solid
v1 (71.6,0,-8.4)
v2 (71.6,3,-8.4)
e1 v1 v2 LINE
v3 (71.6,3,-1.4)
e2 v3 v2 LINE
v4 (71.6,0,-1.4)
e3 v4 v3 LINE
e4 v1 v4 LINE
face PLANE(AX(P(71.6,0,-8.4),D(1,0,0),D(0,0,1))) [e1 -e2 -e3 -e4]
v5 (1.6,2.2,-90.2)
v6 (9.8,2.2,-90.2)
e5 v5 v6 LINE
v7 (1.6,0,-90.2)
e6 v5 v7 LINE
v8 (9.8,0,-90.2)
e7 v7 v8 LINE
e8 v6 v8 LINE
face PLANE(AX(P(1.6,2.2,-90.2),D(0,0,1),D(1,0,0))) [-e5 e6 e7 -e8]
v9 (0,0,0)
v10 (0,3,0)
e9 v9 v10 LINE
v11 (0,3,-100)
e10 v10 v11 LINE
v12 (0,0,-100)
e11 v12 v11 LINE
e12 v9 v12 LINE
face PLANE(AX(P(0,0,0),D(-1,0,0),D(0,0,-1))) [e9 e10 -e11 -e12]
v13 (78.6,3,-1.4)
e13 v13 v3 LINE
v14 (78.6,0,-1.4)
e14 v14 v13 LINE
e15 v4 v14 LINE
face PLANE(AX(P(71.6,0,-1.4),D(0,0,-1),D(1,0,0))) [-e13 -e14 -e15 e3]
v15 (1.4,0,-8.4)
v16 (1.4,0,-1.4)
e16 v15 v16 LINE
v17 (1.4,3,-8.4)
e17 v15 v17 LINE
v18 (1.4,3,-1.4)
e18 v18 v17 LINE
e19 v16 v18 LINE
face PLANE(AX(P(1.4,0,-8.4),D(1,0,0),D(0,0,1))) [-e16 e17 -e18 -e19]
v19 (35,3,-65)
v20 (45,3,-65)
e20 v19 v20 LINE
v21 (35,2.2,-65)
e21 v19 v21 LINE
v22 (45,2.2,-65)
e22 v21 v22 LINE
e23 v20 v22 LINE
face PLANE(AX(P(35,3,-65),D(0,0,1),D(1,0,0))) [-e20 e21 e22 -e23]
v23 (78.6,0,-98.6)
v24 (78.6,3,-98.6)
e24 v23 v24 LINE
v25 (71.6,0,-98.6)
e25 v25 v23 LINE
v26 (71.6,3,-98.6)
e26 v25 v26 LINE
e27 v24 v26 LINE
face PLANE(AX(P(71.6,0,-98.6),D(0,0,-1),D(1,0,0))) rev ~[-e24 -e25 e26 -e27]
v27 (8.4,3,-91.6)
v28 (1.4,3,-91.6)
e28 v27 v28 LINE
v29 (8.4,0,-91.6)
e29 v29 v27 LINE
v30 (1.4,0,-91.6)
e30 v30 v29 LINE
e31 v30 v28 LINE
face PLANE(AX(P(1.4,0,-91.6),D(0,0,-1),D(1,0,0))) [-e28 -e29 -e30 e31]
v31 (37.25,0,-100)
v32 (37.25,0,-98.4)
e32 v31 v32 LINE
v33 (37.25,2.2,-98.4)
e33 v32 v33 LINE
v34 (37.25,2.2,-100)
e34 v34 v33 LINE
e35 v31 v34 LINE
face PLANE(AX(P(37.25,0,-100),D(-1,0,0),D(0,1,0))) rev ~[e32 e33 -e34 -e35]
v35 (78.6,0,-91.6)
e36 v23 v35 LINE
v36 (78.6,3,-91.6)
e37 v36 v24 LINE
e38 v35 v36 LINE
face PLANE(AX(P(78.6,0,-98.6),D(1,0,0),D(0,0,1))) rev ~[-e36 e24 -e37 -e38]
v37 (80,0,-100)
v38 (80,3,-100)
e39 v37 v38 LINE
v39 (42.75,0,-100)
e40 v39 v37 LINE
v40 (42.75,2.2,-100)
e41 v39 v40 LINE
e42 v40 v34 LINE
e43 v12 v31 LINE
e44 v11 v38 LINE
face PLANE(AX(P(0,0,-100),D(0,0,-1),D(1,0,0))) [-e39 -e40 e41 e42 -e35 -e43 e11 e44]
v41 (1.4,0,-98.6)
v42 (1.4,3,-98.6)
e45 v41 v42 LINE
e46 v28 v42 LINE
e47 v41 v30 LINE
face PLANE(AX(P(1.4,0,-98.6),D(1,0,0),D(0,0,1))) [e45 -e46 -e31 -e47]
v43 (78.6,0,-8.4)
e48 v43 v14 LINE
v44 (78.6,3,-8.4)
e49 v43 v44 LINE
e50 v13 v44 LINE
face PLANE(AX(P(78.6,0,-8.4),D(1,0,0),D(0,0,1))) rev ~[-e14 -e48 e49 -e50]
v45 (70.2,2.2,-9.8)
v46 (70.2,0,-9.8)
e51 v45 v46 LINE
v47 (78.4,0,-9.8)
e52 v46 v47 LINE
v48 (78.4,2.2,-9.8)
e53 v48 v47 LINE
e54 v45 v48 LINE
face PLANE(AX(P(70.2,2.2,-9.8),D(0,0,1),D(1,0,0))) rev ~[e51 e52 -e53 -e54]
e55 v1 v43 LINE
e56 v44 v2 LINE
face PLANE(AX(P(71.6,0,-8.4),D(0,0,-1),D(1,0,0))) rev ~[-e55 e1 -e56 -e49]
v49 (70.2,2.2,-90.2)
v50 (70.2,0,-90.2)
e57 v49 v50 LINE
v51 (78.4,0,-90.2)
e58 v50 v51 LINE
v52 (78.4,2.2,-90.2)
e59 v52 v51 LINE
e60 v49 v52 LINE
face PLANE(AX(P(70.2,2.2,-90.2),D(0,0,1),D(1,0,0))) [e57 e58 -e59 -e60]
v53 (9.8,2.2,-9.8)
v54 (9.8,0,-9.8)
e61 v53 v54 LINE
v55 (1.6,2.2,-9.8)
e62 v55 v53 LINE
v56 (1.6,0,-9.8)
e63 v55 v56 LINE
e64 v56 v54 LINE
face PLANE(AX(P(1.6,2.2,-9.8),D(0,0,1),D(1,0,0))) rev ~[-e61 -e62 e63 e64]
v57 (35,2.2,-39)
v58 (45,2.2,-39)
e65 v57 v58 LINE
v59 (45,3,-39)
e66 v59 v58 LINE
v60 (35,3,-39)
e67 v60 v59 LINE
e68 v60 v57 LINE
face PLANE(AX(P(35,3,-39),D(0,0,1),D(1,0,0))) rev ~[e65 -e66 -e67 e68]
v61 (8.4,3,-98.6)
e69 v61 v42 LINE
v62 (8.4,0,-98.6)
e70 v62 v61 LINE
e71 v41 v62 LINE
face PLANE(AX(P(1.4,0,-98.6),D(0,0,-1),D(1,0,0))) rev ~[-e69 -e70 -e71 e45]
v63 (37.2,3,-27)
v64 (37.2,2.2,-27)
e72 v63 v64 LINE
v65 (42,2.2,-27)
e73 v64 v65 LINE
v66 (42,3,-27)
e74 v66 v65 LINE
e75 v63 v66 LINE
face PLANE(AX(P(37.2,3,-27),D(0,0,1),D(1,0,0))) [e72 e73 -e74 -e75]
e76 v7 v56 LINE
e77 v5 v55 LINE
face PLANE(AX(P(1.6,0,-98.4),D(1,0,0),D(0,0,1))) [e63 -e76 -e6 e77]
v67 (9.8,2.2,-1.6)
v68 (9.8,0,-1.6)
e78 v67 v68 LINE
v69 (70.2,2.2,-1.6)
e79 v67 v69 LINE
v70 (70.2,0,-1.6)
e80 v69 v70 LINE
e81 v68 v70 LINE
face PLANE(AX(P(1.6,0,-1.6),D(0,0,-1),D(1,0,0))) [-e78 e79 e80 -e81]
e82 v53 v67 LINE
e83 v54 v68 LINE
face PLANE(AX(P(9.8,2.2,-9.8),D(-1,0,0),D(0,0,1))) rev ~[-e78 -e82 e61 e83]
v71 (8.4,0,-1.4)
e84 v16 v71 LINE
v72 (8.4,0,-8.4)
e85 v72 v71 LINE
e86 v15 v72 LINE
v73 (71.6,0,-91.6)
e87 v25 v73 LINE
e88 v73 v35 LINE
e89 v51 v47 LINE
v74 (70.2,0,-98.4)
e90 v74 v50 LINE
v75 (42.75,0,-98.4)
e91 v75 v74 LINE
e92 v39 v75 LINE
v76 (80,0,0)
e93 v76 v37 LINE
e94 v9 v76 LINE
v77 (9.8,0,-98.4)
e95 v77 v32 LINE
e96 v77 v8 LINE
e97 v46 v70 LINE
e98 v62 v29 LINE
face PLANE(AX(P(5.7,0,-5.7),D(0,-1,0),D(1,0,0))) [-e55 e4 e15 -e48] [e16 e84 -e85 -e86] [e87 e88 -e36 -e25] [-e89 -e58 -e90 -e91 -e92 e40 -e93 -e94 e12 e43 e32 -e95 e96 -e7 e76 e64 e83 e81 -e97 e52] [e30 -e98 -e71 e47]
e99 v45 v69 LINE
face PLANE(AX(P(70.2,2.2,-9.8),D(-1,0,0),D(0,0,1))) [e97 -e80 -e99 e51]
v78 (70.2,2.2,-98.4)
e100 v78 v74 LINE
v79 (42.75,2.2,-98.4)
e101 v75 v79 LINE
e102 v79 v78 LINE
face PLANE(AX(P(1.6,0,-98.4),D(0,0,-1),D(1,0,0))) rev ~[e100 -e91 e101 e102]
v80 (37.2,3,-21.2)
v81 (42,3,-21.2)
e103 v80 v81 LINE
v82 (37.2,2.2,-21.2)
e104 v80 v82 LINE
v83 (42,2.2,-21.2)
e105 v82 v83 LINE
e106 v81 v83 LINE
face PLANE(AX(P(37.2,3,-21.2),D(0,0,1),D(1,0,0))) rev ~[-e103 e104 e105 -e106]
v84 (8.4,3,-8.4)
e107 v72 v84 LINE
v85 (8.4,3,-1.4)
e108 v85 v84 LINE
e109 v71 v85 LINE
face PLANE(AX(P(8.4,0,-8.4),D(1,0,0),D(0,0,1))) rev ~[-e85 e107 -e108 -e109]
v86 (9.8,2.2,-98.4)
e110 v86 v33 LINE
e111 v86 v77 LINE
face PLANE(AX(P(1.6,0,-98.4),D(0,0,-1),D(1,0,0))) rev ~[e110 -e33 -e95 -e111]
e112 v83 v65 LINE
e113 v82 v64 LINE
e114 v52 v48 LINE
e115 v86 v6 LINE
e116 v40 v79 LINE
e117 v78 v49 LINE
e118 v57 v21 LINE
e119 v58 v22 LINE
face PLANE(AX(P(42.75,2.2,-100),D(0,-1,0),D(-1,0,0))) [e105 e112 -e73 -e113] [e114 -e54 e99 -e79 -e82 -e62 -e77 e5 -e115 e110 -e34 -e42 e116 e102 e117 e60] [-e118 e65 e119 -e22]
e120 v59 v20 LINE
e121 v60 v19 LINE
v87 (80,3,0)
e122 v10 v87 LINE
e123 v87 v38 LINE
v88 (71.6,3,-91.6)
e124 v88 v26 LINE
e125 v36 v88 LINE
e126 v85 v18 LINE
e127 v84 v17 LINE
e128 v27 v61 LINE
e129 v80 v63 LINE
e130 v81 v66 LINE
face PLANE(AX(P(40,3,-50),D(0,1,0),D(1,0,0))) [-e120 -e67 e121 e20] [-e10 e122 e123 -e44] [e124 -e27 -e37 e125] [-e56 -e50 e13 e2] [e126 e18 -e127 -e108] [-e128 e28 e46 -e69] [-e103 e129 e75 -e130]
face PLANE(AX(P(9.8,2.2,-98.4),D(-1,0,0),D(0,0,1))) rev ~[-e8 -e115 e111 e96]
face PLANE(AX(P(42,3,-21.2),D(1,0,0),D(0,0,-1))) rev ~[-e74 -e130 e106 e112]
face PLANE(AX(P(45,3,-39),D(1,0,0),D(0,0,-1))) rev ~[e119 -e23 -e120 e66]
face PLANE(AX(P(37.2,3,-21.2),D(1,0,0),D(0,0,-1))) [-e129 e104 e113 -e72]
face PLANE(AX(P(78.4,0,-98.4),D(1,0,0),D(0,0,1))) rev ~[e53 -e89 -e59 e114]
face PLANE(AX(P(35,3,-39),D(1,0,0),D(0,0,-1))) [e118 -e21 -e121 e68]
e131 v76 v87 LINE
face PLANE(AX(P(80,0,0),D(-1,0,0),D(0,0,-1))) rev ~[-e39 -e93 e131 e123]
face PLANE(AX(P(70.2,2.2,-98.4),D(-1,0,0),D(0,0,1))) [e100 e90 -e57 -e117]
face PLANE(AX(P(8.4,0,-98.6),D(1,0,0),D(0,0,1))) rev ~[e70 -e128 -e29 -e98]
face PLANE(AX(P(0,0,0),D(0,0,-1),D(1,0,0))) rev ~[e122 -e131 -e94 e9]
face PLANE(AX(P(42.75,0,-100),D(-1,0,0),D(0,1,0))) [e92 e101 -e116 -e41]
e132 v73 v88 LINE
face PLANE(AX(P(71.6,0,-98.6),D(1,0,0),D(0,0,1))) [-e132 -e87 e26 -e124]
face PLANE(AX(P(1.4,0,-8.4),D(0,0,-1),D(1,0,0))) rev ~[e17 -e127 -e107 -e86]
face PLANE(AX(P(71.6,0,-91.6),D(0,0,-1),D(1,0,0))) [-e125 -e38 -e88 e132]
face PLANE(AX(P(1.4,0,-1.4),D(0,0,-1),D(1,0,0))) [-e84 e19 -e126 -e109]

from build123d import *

# Parameters (mm, degrees)
SKETCH1_W           = 80
SKETCH1_H           = 100
BOSS_EXTRUDE1_DEPTH = 3
SKETCH2_W           = 76.8
SKETCH2_H           = 96.8
CUT_EXTRUDE1_DEPTH  = 2.2
CUT_EXTRUDE2_REACH  = 5
SKETCH5_W           = 10
SKETCH5_H           = 26
SKETCH5_W_2         = 4.8
SKETCH5_H_2         = 5.8
SKETCH7_W           = 5.5
SKETCH7_H           = 2.2
CUT_EXTRUDE4_DEPTH  = 3
SKETCH9_W           = 8.2
SKETCH9_H           = 8.2
BOSS_EXTRUDE2_DEPTH = 2.2
SKETCH10_W          = 7
SKETCH10_H          = 7
CUT_EXTRUDE5_DEPTH  = 4


with BuildPart() as part:
    # Sketch1 → Boss-Extrude1 (new body)
    with BuildSketch(Plane(origin=(0, 0, 0), x_dir=(1, 0, 0), z_dir=(0, 1, 0))):
        with Locations((40, 50)):
            Rectangle(SKETCH1_W, SKETCH1_H)
    extrude(amount=BOSS_EXTRUDE1_DEPTH)

    # Sketch2 → Cut-Extrude1 (cut)
    with BuildSketch(Plane.XZ):
        with Locations((40, -50)):
            Rectangle(SKETCH2_W, SKETCH2_H)
    extrude(amount=-CUT_EXTRUDE1_DEPTH, mode=Mode.SUBTRACT)

    # Sketch5 → Cut-Extrude2 (cut, up to next)
    with BuildSketch(Plane(origin=(0, 3, 0), x_dir=(1, 0, 0), z_dir=(0, 1, 0)), mode=Mode.PRIVATE) as cut_extrude2_sk1:
        with Locations((40, 52)):
            Rectangle(SKETCH5_W, SKETCH5_H)
    cut_extrude2_tool1 = extrude(cut_extrude2_sk1.sketch, amount=-CUT_EXTRUDE2_REACH, mode=Mode.PRIVATE) & part.part
    add(cut_extrude2_tool1.solids().sort_by_distance((40, 3, -52))[0], mode=Mode.SUBTRACT)
    # Sketch5 → Cut-Extrude2 (cut, up to next)
    with BuildSketch(Plane(origin=(0, 3, 0), x_dir=(1, 0, 0), z_dir=(0, 1, 0)), mode=Mode.PRIVATE) as cut_extrude2_sk2:
        with Locations((39.6, 24.1)):
            Rectangle(SKETCH5_W_2, SKETCH5_H_2)
    cut_extrude2_tool2 = extrude(cut_extrude2_sk2.sketch, amount=-CUT_EXTRUDE2_REACH, mode=Mode.PRIVATE) & part.part
    add(cut_extrude2_tool2.solids().sort_by_distance((39.6, 3, -24.1))[0], mode=Mode.SUBTRACT)

    # Sketch7 → Cut-Extrude4 (cut)
    with BuildSketch(Plane(origin=(0, 0, -100), x_dir=(-1, 0, 0), z_dir=(0, 0, -1))):
        with Locations((-40, 1.1)):
            Rectangle(SKETCH7_W, SKETCH7_H)
    extrude(amount=-CUT_EXTRUDE4_DEPTH, mode=Mode.SUBTRACT)

    # Sketch9 → Boss-Extrude2 (add)
    with BuildSketch(Plane.XZ.offset(-2.2)):
        with Locations((5.7, -5.7)):
            Rectangle(SKETCH9_W, SKETCH9_H)
        with Locations((74.3, -5.7)):
            Rectangle(SKETCH9_W, SKETCH9_H)
        with Locations((5.7, -94.3)):
            Rectangle(SKETCH9_W, SKETCH9_H)
        with Locations((74.3, -94.3)):
            Rectangle(SKETCH9_W, SKETCH9_H)
    extrude(amount=BOSS_EXTRUDE2_DEPTH)

    # Sketch10 → Cut-Extrude5 (cut, through all)
    with BuildSketch(Plane.XZ):
        with Locations((4.9, -4.9)):
            Rectangle(SKETCH10_W, SKETCH10_H)
        with Locations((4.9, -95.1)):
            Rectangle(SKETCH10_W, SKETCH10_H)
        with Locations((75.1, -95.1)):
            Rectangle(SKETCH10_W, SKETCH10_H)
        with Locations((75.1, -4.9)):
            Rectangle(SKETCH10_W, SKETCH10_H)
    extrude(amount=-CUT_EXTRUDE5_DEPTH, mode=Mode.SUBTRACT)


solid = part.part
